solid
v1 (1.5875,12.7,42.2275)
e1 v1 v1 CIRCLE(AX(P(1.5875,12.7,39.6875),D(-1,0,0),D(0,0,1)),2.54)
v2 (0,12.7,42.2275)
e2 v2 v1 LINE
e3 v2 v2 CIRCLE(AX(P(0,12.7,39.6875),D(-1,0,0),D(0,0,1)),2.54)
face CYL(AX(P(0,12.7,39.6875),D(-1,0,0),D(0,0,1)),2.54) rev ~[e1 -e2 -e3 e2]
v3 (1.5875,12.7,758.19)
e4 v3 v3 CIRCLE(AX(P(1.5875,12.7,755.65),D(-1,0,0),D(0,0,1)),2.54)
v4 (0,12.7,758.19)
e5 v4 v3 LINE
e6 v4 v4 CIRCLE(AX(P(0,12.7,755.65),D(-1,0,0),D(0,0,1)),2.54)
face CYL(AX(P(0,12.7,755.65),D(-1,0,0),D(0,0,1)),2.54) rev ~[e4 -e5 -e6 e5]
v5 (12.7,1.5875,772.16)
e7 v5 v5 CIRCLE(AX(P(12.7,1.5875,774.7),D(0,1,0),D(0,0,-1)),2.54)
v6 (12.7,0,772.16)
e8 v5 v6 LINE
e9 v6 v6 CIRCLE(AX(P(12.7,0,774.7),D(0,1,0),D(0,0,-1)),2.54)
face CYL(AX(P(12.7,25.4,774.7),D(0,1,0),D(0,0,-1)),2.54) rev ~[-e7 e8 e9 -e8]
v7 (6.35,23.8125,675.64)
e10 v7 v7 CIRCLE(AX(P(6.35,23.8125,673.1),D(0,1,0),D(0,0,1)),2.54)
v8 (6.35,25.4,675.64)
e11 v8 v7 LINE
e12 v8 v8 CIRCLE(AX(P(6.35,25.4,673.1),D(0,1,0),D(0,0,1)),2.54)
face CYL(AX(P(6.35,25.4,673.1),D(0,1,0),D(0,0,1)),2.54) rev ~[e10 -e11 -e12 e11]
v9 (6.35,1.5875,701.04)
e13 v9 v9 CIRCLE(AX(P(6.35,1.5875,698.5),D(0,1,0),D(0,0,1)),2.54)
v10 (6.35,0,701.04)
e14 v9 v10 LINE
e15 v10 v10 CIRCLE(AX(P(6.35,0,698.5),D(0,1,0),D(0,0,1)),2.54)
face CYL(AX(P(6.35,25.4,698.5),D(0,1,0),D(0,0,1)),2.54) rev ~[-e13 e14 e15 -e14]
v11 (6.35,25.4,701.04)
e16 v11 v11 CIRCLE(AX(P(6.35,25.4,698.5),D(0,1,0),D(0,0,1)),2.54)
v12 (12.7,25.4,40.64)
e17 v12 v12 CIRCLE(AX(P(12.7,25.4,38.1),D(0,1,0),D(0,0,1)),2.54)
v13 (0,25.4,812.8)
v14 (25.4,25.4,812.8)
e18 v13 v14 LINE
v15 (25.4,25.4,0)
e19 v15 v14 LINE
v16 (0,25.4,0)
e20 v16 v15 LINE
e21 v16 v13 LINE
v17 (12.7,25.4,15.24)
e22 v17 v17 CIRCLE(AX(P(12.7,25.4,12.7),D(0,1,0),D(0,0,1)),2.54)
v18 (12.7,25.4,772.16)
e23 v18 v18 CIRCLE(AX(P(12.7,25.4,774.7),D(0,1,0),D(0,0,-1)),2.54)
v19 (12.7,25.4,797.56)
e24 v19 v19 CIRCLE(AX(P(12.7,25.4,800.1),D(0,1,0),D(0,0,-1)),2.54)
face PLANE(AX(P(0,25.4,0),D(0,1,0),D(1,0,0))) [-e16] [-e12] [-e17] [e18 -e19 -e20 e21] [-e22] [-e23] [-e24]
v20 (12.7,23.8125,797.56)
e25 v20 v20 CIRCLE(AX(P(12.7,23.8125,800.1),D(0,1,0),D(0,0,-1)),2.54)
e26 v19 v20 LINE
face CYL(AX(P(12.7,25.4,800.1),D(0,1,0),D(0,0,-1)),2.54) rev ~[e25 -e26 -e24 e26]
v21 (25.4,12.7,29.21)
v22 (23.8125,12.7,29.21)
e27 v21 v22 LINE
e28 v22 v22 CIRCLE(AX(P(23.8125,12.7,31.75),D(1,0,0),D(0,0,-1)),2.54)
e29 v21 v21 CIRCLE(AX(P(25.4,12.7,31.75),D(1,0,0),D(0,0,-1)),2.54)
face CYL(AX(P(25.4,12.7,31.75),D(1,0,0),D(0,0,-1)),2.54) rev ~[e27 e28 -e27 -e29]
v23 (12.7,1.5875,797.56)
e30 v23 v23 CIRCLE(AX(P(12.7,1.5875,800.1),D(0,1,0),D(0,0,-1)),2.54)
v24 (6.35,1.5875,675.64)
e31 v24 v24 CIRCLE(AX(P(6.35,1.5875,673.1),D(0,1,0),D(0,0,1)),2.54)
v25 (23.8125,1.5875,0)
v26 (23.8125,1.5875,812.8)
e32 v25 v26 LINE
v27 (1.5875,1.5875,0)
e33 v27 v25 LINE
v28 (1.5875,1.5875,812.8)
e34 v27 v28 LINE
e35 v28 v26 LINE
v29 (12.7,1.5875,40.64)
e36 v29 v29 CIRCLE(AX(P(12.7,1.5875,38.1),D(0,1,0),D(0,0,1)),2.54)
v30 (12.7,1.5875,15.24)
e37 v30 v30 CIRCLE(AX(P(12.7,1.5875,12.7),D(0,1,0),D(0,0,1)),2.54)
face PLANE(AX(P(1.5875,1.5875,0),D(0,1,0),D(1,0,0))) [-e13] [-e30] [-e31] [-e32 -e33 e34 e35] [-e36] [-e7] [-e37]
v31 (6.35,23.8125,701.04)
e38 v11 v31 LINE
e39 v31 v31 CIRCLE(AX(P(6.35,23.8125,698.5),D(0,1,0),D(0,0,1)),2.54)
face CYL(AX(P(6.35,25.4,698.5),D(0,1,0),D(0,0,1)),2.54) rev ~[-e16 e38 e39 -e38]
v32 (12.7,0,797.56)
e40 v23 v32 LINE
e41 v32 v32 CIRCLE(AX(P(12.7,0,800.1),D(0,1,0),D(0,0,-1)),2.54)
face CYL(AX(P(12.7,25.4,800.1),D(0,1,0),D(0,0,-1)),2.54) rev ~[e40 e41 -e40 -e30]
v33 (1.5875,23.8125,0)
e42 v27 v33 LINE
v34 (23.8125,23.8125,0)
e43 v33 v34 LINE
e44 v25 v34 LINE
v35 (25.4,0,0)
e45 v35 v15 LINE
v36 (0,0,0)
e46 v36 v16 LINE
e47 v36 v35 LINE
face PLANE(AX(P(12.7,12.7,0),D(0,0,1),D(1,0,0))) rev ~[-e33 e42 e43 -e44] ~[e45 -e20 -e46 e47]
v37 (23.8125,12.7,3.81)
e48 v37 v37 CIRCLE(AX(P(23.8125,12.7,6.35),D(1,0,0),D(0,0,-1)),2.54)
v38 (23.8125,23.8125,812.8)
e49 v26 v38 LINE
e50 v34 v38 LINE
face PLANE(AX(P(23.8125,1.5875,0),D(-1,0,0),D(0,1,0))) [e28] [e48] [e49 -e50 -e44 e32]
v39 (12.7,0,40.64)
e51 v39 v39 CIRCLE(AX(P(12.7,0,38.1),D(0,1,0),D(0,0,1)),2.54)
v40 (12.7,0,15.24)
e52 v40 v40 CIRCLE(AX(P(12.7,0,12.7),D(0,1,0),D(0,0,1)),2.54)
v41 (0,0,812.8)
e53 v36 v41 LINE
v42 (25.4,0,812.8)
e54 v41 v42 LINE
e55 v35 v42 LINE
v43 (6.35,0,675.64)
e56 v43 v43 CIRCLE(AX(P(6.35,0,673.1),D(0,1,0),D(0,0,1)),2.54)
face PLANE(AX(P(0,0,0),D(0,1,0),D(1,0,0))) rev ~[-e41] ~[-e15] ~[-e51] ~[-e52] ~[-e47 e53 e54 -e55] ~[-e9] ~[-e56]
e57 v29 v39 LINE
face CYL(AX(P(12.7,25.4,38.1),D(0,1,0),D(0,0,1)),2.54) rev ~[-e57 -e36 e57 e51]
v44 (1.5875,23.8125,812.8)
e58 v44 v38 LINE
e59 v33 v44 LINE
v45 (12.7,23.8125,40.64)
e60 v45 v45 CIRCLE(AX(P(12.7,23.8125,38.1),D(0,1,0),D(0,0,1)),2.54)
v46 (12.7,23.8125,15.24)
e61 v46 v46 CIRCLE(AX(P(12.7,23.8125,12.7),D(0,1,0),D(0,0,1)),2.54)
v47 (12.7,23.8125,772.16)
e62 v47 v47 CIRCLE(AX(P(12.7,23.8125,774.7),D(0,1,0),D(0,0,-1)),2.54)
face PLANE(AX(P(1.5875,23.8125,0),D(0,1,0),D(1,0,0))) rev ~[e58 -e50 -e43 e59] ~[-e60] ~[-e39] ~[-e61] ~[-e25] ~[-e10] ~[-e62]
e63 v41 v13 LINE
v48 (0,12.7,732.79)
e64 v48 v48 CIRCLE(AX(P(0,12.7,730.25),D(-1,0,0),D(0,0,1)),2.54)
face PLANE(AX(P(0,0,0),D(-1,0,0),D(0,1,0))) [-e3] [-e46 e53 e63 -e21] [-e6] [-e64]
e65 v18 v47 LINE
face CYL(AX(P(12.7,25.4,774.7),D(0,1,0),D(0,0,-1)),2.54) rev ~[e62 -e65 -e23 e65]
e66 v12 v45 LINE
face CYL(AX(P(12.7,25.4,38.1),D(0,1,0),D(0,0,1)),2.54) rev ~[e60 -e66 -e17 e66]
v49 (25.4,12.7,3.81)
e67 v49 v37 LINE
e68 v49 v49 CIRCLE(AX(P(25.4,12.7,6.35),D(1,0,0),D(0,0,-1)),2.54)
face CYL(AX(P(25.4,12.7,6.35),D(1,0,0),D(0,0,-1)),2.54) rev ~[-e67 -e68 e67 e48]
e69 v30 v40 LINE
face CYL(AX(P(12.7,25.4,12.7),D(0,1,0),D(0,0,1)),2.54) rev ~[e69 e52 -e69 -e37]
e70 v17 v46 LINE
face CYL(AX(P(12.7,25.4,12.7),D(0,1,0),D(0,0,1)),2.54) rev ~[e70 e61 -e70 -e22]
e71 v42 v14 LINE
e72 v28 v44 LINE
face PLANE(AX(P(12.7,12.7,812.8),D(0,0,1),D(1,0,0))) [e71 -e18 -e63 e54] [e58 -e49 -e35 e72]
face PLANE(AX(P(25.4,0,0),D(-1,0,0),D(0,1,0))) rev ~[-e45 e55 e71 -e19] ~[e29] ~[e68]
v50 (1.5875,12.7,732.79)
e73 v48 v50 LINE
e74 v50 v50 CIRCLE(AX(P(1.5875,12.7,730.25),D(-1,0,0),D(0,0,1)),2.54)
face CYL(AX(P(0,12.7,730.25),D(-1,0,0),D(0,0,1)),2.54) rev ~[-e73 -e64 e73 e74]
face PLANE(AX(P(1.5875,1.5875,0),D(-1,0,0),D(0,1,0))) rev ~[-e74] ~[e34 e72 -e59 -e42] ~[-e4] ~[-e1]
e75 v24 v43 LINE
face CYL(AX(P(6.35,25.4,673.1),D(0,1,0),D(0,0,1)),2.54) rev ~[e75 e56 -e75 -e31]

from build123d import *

# Parameters (mm, degrees)
SKETCH1_W           = 25.4
SKETCH1_H           = 25.4
SKETCH1_W_2         = 22.225
SKETCH1_H_2         = 22.225
BOSS_EXTRUDE1_DEPTH = 812.8
SKETCH3_R           = 2.54
CUT_EXTRUDE2_DEPTH  = 814.593362805
CUT_EXTRUDE3_REACH  = 815.593
SKETCH4_R           = 2.54
CUT_EXTRUDE4_REACH  = 815.593
SKETCH5_R           = 2.54


with BuildPart() as part:
    # Sketch1 → Boss-Extrude1 (new body)
    with BuildSketch(Plane.XY):
        with Locations((12.7, 12.7)):
            Rectangle(SKETCH1_W, SKETCH1_H)
        with Locations((12.7, 12.7)):
            Rectangle(SKETCH1_W_2, SKETCH1_H_2, mode=Mode.SUBTRACT)
    extrude(amount=BOSS_EXTRUDE1_DEPTH)

    # Sketch3 → Cut-Extrude2 (cut, through all)
    with BuildSketch(Plane(origin=(0, 25.4, 0), x_dir=(1, 0, 0), z_dir=(0, 1, 0))):
        with Locations(Location((12.7, -12.7, 0), (0, 0, 270))):
            Circle(SKETCH3_R)
        with Locations(Location((12.7, -38.1, 0), (0, 0, 270))):
            Circle(SKETCH3_R)
        with Locations(Location((12.7, -774.7, 0), (0, 0, 90))):
            Circle(SKETCH3_R)
        with Locations(Location((12.7, -800.1, 0), (0, 0, 90))):
            Circle(SKETCH3_R)
        with Locations(Location((6.35, -698.5, 0), (0, 0, 270))):
            Circle(SKETCH3_R)
        with Locations(Location((6.35, -673.1, 0), (0, 0, 270))):
            Circle(SKETCH3_R)
    extrude(amount=-CUT_EXTRUDE2_DEPTH, mode=Mode.SUBTRACT)

    # Sketch4 → Cut-Extrude3 (cut, up to next)
    with BuildSketch(Plane(origin=(25.4, 0, 0), x_dir=(0, 0, -1), z_dir=(1, 0, 0)), mode=Mode.PRIVATE) as cut_extrude3_sk1:
        with Locations((-6.35, 12.7)):
            Circle(SKETCH4_R)
    cut_extrude3_tool1 = extrude(cut_extrude3_sk1.sketch, amount=-CUT_EXTRUDE3_REACH, mode=Mode.PRIVATE) & part.part
    # Sketch4 → Cut-Extrude3 (cut, up to next)
    with BuildSketch(Plane(origin=(25.4, 0, 0), x_dir=(0, 0, -1), z_dir=(1, 0, 0)), mode=Mode.PRIVATE) as cut_extrude3_sk2:
        with Locations((-31.75, 12.7)):
            Circle(SKETCH4_R)
    cut_extrude3_tool2 = extrude(cut_extrude3_sk2.sketch, amount=-CUT_EXTRUDE3_REACH, mode=Mode.PRIVATE) & part.part
    add(cut_extrude3_tool1.solids().sort_by_distance((25.4, 12.7, 6.35))[0], mode=Mode.SUBTRACT)
    add(cut_extrude3_tool2.solids().sort_by_distance((25.4, 12.7, 31.75))[0], mode=Mode.SUBTRACT)

    # Sketch5 → Cut-Extrude4 (cut, up to next)
    with BuildSketch(Plane.ZY, mode=Mode.PRIVATE) as cut_extrude4_sk1:
        with Locations((39.6875, 12.7)):
            Circle(SKETCH5_R)
    cut_extrude4_tool1 = extrude(cut_extrude4_sk1.sketch, amount=-CUT_EXTRUDE4_REACH, mode=Mode.PRIVATE) & part.part
    # Sketch5 → Cut-Extrude4 (cut, up to next)
    with BuildSketch(Plane.ZY, mode=Mode.PRIVATE) as cut_extrude4_sk2:
        with Locations((730.25, 12.7)):
            Circle(SKETCH5_R)
    cut_extrude4_tool2 = extrude(cut_extrude4_sk2.sketch, amount=-CUT_EXTRUDE4_REACH, mode=Mode.PRIVATE) & part.part
    # Sketch5 → Cut-Extrude4 (cut, up to next)
    with BuildSketch(Plane.ZY, mode=Mode.PRIVATE) as cut_extrude4_sk3:
        with Locations((755.65, 12.7)):
            Circle(SKETCH5_R)
    cut_extrude4_tool3 = extrude(cut_extrude4_sk3.sketch, amount=-CUT_EXTRUDE4_REACH, mode=Mode.PRIVATE) & part.part
    add(cut_extrude4_tool1.solids().sort_by_distance((0, 12.7, 39.6875))[0], mode=Mode.SUBTRACT)
    add(cut_extrude4_tool2.solids().sort_by_distance((0, 12.7, 730.25))[0], mode=Mode.SUBTRACT)
    add(cut_extrude4_tool3.solids().sort_by_distance((0, 12.7, 755.65))[0], mode=Mode.SUBTRACT)


solid = part.part
